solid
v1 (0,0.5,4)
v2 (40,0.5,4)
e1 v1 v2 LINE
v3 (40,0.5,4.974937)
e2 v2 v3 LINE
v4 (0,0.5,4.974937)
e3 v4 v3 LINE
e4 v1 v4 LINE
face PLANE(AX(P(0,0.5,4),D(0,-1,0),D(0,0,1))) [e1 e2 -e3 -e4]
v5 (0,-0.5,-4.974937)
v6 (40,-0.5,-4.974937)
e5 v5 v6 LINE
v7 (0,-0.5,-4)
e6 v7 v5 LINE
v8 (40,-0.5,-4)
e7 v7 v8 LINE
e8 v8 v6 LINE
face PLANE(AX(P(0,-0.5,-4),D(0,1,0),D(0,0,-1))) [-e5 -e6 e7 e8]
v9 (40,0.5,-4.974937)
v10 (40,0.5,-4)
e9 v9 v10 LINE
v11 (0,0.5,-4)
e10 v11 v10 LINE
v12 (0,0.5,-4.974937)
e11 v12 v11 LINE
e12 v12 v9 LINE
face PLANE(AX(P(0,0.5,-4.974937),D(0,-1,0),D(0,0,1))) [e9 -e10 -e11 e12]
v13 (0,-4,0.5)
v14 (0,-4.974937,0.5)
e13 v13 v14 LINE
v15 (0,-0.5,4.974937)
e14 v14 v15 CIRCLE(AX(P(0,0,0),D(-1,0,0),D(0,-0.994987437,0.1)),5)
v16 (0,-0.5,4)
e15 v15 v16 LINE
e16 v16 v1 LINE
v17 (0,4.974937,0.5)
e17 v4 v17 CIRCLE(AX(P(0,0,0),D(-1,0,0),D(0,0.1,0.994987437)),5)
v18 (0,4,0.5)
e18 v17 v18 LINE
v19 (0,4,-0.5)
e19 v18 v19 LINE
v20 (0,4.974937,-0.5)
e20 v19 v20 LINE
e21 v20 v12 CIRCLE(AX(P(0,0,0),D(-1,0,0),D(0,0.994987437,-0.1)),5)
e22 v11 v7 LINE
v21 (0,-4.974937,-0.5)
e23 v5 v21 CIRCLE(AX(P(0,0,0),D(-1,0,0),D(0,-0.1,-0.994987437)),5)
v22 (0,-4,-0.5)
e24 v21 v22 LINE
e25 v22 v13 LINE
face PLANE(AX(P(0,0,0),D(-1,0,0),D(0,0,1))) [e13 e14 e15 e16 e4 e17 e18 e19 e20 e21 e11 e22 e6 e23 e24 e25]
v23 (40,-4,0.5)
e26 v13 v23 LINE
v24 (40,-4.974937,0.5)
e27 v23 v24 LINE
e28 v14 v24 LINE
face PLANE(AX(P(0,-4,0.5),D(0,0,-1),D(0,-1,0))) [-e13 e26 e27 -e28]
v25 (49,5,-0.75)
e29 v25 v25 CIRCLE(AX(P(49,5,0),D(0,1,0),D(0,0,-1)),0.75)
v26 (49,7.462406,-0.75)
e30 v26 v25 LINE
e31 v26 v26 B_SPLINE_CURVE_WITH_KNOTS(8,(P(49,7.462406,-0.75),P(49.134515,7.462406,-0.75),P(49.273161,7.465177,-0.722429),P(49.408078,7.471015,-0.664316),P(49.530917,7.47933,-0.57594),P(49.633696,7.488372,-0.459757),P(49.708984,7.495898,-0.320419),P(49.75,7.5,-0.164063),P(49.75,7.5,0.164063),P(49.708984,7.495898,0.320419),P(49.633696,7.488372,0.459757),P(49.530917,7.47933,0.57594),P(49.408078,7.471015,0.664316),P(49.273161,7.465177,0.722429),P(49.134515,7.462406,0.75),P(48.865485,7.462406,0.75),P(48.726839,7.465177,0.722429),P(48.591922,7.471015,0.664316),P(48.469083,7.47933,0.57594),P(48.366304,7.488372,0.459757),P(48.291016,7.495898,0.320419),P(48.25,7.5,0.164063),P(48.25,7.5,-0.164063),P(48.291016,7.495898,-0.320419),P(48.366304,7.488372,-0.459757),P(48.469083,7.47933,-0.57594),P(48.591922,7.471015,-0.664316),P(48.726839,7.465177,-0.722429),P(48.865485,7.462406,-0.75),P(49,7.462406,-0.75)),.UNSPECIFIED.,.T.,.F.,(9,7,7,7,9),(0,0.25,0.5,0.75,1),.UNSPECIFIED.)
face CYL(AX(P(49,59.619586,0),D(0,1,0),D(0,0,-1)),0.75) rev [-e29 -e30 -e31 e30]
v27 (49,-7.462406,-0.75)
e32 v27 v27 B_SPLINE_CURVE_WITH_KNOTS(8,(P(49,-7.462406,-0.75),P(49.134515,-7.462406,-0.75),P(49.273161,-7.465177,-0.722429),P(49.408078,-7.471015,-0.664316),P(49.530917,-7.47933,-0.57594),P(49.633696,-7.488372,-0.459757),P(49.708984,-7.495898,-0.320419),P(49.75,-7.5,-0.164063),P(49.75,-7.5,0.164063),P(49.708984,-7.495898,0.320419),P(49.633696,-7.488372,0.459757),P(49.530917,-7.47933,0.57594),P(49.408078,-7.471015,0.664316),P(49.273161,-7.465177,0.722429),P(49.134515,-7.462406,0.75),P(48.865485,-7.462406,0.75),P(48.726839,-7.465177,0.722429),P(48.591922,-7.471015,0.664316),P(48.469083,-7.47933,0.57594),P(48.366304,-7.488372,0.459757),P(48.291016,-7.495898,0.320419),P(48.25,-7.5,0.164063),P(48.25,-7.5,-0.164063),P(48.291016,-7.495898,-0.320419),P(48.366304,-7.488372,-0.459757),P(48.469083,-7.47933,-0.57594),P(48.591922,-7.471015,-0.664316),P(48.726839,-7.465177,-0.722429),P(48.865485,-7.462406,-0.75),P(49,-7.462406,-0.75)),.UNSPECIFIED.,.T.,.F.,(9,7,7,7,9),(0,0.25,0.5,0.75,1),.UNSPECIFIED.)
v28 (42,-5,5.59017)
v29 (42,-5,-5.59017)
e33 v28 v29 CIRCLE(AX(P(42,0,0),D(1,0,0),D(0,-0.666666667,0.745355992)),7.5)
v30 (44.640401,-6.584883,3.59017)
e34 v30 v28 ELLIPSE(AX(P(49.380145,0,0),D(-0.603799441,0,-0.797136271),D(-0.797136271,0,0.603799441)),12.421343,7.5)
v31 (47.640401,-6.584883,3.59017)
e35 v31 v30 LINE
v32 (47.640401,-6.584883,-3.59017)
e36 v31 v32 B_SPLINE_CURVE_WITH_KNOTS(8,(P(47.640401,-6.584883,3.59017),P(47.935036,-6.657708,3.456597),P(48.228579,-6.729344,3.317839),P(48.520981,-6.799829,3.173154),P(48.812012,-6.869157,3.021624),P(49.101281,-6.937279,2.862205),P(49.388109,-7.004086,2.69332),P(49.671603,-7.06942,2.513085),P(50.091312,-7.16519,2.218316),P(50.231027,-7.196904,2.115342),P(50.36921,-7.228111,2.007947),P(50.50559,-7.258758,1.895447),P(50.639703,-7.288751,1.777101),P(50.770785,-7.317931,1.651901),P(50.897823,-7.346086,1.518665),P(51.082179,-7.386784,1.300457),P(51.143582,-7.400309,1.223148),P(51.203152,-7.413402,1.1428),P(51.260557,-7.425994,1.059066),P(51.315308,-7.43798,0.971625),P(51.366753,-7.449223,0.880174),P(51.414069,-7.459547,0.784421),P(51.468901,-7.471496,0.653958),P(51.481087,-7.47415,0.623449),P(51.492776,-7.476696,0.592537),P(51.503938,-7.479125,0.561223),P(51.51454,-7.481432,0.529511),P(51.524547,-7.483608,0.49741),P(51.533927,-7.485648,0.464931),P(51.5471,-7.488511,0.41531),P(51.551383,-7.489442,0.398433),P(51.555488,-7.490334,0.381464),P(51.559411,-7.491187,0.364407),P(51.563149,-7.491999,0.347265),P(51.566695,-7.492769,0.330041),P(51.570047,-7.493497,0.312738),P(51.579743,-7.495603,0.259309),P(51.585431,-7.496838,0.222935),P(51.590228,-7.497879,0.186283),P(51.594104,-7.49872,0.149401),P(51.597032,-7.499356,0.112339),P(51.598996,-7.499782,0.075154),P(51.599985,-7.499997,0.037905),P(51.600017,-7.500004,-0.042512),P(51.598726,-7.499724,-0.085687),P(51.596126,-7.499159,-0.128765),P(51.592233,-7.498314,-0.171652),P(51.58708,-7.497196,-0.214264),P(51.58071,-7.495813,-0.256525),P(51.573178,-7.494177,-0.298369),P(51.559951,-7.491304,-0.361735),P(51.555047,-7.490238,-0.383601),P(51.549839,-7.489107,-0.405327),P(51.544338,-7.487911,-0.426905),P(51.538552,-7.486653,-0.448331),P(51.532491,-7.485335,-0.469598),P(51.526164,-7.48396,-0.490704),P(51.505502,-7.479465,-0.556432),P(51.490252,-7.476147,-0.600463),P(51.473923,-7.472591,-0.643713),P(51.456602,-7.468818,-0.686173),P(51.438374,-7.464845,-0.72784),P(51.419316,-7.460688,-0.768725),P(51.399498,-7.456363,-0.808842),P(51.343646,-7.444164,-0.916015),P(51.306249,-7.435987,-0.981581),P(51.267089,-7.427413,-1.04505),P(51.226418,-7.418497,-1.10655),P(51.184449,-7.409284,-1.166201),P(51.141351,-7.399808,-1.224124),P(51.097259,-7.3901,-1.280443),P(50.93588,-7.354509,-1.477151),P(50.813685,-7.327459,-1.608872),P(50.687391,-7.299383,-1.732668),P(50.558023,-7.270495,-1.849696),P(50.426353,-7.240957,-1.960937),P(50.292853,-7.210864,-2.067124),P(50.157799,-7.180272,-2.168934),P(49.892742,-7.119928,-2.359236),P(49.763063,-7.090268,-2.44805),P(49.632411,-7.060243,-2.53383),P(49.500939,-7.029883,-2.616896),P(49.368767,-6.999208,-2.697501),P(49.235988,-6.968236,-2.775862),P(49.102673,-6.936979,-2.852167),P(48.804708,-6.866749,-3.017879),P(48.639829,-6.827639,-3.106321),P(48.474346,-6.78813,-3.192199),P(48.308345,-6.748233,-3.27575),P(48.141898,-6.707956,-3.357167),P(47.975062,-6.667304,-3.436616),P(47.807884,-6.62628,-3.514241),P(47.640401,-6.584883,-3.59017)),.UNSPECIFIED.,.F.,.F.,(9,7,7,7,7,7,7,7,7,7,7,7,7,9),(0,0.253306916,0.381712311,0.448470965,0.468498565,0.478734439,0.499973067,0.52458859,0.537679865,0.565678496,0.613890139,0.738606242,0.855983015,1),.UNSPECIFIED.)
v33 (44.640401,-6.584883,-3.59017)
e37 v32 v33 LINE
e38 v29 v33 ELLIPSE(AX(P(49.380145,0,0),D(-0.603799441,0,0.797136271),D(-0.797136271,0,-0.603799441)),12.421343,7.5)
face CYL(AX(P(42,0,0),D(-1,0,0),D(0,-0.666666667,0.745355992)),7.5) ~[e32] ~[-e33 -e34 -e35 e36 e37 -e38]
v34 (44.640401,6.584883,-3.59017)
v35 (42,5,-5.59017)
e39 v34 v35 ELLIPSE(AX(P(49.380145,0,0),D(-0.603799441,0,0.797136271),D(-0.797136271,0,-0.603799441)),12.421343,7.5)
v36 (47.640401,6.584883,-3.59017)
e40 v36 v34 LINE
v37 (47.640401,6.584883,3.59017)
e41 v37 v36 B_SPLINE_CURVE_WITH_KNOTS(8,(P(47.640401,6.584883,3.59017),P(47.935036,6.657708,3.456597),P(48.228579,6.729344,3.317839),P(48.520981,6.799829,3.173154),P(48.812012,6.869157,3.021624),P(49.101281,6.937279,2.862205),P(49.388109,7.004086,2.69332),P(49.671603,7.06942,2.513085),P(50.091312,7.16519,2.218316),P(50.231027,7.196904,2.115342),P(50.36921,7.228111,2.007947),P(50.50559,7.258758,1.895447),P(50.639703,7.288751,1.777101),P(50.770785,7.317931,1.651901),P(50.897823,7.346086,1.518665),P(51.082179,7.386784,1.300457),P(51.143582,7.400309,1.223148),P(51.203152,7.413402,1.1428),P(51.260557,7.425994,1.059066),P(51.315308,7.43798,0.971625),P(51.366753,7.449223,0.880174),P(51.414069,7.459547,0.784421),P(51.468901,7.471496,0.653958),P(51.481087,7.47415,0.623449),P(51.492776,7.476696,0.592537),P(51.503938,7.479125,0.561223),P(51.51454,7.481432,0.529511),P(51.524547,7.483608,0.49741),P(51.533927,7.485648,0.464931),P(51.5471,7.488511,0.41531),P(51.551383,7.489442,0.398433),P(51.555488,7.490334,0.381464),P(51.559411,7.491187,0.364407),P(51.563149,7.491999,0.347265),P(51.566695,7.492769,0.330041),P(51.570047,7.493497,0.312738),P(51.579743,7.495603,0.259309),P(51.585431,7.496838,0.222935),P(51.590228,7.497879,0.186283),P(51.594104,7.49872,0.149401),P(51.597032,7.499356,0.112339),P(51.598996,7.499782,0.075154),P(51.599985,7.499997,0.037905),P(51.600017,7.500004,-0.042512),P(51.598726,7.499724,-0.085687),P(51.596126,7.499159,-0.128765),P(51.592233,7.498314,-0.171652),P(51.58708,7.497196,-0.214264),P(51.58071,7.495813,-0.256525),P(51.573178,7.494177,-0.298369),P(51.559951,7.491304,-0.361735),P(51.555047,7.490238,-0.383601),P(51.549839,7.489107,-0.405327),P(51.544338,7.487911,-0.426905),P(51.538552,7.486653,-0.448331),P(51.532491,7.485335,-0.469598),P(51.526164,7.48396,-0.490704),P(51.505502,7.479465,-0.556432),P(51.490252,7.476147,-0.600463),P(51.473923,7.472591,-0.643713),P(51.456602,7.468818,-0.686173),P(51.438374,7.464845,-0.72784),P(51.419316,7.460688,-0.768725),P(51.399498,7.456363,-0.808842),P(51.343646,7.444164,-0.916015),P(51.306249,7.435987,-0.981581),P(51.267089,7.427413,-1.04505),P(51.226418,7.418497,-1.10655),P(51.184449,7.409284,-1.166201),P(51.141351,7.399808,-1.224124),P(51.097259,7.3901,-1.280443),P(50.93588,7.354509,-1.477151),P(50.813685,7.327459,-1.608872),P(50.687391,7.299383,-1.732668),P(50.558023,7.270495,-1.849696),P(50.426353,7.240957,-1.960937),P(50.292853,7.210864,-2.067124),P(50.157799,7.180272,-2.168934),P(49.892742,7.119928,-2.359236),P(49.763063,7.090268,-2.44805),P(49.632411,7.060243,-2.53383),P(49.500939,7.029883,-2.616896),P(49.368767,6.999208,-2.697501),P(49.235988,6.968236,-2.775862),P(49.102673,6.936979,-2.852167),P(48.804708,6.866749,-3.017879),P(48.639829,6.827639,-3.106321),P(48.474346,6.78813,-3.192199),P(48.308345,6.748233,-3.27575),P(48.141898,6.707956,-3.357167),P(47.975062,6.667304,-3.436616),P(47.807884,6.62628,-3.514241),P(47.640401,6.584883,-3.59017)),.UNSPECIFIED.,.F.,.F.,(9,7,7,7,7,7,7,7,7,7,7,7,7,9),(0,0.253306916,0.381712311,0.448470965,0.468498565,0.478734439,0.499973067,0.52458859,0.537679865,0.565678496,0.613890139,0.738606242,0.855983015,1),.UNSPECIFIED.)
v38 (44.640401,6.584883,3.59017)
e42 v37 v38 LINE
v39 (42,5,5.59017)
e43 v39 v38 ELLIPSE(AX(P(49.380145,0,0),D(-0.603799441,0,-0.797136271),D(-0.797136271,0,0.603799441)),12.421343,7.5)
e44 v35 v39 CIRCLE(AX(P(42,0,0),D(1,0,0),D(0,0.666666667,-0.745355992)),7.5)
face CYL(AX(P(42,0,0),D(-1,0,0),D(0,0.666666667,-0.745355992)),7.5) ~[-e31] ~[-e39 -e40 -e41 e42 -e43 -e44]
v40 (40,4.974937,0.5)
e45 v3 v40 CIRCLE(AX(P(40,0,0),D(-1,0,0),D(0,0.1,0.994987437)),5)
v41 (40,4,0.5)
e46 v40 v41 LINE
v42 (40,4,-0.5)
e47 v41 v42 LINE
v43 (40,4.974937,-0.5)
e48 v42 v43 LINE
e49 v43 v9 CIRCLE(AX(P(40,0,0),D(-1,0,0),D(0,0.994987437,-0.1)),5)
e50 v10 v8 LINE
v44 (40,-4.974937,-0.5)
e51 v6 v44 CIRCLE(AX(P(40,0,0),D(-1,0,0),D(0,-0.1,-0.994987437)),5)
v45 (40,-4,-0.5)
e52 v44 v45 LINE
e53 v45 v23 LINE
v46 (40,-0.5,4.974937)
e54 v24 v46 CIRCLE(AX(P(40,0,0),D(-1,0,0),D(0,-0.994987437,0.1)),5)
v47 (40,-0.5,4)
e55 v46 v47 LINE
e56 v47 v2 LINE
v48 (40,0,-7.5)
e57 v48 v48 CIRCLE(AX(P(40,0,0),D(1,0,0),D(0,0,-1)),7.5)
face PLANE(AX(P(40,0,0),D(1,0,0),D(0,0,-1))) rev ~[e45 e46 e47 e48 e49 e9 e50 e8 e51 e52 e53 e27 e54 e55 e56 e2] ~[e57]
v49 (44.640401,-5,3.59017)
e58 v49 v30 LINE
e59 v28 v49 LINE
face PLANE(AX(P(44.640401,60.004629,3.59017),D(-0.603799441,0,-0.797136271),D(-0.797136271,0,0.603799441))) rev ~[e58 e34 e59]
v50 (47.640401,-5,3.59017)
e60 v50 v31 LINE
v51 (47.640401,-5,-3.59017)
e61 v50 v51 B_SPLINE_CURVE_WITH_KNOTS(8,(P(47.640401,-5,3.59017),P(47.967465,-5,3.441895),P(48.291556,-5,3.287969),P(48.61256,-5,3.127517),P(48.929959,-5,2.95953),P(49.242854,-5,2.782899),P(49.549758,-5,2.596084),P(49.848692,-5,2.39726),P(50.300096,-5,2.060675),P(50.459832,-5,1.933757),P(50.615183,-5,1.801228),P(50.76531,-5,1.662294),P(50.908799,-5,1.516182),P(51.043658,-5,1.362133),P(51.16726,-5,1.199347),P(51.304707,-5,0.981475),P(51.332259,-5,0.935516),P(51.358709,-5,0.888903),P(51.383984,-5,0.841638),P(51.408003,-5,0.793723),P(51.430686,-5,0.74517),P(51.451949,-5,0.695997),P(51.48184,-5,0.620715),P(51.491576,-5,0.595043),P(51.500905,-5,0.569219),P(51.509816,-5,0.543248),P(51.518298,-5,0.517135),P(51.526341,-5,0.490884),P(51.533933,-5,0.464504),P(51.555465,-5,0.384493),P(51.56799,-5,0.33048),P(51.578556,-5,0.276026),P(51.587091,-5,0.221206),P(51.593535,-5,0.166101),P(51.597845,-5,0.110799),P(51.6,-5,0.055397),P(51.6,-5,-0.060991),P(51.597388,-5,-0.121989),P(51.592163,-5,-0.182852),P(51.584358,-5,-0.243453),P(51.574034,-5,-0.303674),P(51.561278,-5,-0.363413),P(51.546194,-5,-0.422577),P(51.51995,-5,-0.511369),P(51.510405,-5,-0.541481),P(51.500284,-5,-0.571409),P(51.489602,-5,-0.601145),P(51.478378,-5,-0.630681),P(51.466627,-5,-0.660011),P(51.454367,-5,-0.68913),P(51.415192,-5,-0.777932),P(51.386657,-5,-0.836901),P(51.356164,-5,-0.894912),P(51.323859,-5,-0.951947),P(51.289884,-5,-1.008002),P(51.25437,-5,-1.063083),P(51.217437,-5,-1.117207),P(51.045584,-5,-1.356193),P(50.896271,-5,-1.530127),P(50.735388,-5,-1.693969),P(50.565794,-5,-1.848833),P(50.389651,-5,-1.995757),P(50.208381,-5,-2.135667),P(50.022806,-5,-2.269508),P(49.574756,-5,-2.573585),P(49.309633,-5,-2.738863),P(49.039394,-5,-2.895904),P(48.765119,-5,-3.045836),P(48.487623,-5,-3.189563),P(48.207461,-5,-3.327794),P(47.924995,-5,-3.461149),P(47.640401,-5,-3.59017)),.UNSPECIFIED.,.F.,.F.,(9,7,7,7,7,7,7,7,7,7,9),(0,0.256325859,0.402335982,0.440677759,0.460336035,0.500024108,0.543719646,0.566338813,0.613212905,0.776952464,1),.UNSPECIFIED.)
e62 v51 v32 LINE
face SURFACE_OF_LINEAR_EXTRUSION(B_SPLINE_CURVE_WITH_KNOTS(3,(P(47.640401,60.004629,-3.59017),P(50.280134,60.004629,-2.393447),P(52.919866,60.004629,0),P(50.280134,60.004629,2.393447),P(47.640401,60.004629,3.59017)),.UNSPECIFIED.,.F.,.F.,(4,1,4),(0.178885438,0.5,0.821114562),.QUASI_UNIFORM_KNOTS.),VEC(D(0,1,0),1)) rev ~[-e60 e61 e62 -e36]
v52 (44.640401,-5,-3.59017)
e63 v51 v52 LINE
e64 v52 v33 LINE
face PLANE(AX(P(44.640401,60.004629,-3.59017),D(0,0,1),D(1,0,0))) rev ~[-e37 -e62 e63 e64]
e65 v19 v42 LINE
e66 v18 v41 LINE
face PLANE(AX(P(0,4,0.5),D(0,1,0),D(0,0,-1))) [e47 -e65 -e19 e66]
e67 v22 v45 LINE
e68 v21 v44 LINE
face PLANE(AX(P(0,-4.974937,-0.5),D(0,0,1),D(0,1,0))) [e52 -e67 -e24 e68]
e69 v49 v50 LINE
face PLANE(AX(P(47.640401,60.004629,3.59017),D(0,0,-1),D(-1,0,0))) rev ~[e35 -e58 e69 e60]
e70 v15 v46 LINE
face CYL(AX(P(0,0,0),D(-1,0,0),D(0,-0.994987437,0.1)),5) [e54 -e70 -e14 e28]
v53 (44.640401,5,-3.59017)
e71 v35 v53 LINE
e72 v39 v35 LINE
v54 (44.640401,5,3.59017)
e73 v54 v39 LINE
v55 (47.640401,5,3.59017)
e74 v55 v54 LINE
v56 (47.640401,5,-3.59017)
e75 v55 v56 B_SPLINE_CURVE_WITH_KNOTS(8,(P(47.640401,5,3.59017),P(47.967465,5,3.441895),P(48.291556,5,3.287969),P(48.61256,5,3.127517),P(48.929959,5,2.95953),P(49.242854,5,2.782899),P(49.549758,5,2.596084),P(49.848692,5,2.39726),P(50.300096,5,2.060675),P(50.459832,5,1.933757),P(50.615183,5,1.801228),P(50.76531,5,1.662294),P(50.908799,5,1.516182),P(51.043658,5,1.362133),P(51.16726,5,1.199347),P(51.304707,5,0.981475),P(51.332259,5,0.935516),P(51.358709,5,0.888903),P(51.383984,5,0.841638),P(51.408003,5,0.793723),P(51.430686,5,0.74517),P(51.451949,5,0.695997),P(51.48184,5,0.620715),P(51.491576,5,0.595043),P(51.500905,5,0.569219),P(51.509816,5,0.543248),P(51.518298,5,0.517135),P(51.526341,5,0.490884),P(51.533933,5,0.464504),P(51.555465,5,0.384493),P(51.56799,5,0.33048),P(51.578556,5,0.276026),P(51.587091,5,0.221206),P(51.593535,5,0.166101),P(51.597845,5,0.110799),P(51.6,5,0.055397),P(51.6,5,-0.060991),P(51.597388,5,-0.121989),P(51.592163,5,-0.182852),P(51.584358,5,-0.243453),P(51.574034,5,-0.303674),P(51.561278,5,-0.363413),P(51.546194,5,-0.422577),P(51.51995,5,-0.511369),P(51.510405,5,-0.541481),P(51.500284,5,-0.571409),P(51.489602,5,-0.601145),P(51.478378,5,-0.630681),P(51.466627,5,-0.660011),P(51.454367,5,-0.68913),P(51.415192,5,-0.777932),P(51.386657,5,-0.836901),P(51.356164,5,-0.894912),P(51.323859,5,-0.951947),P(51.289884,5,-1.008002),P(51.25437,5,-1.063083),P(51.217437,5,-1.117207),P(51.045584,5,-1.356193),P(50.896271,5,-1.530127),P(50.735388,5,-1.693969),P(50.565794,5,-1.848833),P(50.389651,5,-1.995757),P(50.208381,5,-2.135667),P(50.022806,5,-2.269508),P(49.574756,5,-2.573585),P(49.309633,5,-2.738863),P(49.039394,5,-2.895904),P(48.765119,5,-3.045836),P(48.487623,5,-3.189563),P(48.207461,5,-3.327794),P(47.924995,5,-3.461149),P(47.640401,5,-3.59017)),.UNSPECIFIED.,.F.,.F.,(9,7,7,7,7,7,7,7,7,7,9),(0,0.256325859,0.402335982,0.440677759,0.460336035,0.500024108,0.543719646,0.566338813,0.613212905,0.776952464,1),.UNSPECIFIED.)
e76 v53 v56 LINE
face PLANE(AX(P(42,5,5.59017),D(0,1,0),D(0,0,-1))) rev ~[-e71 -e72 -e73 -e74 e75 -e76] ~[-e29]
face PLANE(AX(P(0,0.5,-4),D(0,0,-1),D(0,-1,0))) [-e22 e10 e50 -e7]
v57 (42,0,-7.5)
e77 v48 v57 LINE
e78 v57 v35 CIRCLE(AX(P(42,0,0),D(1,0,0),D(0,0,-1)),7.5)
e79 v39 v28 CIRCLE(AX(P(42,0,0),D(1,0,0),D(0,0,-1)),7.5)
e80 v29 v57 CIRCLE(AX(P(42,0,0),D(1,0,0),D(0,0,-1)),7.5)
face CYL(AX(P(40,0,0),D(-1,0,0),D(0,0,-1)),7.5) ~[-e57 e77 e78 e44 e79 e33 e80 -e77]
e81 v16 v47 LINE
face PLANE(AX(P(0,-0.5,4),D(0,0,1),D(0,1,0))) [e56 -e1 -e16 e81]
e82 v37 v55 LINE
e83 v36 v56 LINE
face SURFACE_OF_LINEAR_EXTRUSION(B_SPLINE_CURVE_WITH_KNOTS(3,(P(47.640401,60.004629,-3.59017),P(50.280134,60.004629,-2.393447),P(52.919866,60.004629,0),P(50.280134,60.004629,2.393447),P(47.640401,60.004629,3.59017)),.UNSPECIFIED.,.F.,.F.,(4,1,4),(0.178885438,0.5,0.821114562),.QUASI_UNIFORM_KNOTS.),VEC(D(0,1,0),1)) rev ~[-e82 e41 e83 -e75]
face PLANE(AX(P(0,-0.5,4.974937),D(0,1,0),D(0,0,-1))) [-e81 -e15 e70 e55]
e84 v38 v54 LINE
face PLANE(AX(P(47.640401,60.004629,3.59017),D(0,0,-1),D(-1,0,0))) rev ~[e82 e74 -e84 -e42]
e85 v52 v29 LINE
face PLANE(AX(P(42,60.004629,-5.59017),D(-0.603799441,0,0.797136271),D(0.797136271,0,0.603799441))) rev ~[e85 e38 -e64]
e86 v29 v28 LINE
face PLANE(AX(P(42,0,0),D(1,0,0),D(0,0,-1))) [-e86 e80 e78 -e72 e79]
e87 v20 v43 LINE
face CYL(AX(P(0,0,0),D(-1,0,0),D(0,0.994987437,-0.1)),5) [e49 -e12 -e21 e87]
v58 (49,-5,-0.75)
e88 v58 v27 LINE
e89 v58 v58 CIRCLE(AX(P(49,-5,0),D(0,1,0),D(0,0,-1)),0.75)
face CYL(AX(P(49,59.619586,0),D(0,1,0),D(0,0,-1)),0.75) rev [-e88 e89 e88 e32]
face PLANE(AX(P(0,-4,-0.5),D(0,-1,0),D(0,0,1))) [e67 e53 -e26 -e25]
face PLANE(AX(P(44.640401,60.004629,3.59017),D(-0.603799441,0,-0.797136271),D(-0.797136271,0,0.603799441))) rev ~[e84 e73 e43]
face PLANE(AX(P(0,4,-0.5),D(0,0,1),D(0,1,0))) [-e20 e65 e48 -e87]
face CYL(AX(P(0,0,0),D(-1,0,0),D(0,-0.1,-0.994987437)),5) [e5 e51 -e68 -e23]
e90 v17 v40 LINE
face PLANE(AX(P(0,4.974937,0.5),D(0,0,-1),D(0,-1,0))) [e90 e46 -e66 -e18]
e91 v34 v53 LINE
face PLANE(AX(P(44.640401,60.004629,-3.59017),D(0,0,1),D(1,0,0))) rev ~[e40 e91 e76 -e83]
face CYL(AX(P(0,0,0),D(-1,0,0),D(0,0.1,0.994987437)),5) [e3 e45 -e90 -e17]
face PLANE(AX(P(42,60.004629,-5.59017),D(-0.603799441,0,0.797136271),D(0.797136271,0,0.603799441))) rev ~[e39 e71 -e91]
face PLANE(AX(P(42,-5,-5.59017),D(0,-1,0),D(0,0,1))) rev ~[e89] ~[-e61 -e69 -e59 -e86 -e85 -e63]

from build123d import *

# Parameters (mm, degrees)
BOSS_EXTRUDE1_DEPTH     = 40
SKETCH2_R               = 7.5
BOSS_EXTRUDE2_DEPTH     = 2
BOSS_EXTRUDE3_DEPTH     = 10
CUT_EXTRUDE1_DEPTH      = 55.004629431
CUT_EXTRUDE1_DEPTH_BACK = 55.004629431
CUT_EXTRUDE2_DEPTH      = 54.619586107
CUT_EXTRUDE2_DEPTH_BACK = 54.619586107
SKETCH5_R               = 0.75


with BuildPart() as part:
    # Sketch1 → Boss-Extrude1 (new body)
    with BuildSketch(Plane(origin=(0, 0, 0), x_dir=(0, 0, -1), z_dir=(1, 0, 0))):
        with BuildLine():
            Line((-0.5, 4), (0.5, 4))
            Line((0.5, 4), (0.5, 4.974937186))
            ThreePointArc((0.5, 4.974937186), (3.535533906, 3.535533906), (4.974937186, 0.5))
            Line((4.974937186, 0.5), (4, 0.5))
            Line((4, 0.5), (4, -0.5))
            Line((4, -0.5), (4.974937186, -0.5))
            ThreePointArc((4.974937186, -0.5), (3.535533906, -3.535533906), (0.5, -4.974937186))
            Line((0.5, -4.974937186), (0.5, -4))
            Line((0.5, -4), (-0.5, -4))
            Line((-0.5, -4), (-0.5, -4.974937186))
            ThreePointArc((-0.5, -4.974937186), (-3.535533906, -3.535533906), (-4.974937186, -0.5))
            Line((-4.974937186, -0.5), (-4, -0.5))
            Line((-4, -0.5), (-4, 0.5))
            Line((-4, 0.5), (-4.974937186, 0.5))
            ThreePointArc((-4.974937186, 0.5), (-3.535533906, 3.535533906), (-0.5, 4.974937186))
            Line((-0.5, 4.974937186), (-0.5, 4))
        make_face()
    extrude(amount=BOSS_EXTRUDE1_DEPTH)

    # Sketch2 → Boss-Extrude2 (add)
    with BuildSketch(Plane(origin=(40, 0, 0), x_dir=(0, 0, -1), z_dir=(1, 0, 0))):
        Circle(SKETCH2_R)
    extrude(amount=BOSS_EXTRUDE2_DEPTH)

    # Sketch3 → Boss-Extrude3 (add)
    with BuildSketch(Plane(origin=(42, 0, 0), x_dir=(0, 0, -1), z_dir=(1, 0, 0))):
        with BuildLine():
            ThreePointArc((5.590169944, 5), (0, 7.5), (-5.590169944, 5))
            Line((-5.590169944, 5), (-4.898979486, 5))
            Line((-4.898979486, 5), (4.898979486, 5))
            Line((4.898979486, 5), (5.590169944, 5))
        make_face()
        with BuildLine():
            Line((-4.898979486, -5), (-5.590169944, -5))
            ThreePointArc((-5.590169944, -5), (0, -7.5), (5.590169944, -5))
            Line((5.590169944, -5), (4.898979486, -5))
            Line((4.898979486, -5), (-4.898979486, -5))
        make_face()
    extrude(amount=BOSS_EXTRUDE3_DEPTH)

    # Sketch4 → Cut-Extrude1 (cut, two sides: drawn at the far end of the back side and taken through both)
    with BuildSketch(Plane.XZ.offset(-5).offset(-CUT_EXTRUDE1_DEPTH_BACK)):
        with BuildLine():
            Line((42, 5.590169944), (52, 5.590169944))
            Line((52, 5.590169944), (52, -5.590169944))
            Line((52, -5.590169944), (42, -5.590169944))
            Line((42, -5.590169944), (44.640400827, -3.590169944))
            Line((44.640400827, -3.590169944), (47.640400827, -3.590169944))
            add(Edge.make_bspline(
                [(47.640400827, -3.590169944), (50.280133609, -2.393446629), (52.919866391, 0), (50.280133609, 2.393446629), (47.640400827, 3.590169944)],
                knots=[0.178885438, 0.178885438, 0.178885438, 0.178885438, 0.5, 0.821114562, 0.821114562, 0.821114562, 0.821114562], degree=3))
            Line((47.640400827, 3.590169944), (44.640400827, 3.590169944))
            Line((44.640400827, 3.590169944), (42, 5.590169944))
        make_face()
    extrude(amount=CUT_EXTRUDE1_DEPTH + CUT_EXTRUDE1_DEPTH_BACK, mode=Mode.SUBTRACT)

    # Sketch5 → Cut-Extrude2 (cut, two sides: drawn at the far end of the back side and taken through both)
    with BuildSketch(Plane.XZ.offset(-5).offset(-CUT_EXTRUDE2_DEPTH_BACK)):
        with Locations(Location((49, 0, 0), (0, 0, 270))):
            Circle(SKETCH5_R)
    extrude(amount=CUT_EXTRUDE2_DEPTH + CUT_EXTRUDE2_DEPTH_BACK, mode=Mode.SUBTRACT)


solid = part.part
